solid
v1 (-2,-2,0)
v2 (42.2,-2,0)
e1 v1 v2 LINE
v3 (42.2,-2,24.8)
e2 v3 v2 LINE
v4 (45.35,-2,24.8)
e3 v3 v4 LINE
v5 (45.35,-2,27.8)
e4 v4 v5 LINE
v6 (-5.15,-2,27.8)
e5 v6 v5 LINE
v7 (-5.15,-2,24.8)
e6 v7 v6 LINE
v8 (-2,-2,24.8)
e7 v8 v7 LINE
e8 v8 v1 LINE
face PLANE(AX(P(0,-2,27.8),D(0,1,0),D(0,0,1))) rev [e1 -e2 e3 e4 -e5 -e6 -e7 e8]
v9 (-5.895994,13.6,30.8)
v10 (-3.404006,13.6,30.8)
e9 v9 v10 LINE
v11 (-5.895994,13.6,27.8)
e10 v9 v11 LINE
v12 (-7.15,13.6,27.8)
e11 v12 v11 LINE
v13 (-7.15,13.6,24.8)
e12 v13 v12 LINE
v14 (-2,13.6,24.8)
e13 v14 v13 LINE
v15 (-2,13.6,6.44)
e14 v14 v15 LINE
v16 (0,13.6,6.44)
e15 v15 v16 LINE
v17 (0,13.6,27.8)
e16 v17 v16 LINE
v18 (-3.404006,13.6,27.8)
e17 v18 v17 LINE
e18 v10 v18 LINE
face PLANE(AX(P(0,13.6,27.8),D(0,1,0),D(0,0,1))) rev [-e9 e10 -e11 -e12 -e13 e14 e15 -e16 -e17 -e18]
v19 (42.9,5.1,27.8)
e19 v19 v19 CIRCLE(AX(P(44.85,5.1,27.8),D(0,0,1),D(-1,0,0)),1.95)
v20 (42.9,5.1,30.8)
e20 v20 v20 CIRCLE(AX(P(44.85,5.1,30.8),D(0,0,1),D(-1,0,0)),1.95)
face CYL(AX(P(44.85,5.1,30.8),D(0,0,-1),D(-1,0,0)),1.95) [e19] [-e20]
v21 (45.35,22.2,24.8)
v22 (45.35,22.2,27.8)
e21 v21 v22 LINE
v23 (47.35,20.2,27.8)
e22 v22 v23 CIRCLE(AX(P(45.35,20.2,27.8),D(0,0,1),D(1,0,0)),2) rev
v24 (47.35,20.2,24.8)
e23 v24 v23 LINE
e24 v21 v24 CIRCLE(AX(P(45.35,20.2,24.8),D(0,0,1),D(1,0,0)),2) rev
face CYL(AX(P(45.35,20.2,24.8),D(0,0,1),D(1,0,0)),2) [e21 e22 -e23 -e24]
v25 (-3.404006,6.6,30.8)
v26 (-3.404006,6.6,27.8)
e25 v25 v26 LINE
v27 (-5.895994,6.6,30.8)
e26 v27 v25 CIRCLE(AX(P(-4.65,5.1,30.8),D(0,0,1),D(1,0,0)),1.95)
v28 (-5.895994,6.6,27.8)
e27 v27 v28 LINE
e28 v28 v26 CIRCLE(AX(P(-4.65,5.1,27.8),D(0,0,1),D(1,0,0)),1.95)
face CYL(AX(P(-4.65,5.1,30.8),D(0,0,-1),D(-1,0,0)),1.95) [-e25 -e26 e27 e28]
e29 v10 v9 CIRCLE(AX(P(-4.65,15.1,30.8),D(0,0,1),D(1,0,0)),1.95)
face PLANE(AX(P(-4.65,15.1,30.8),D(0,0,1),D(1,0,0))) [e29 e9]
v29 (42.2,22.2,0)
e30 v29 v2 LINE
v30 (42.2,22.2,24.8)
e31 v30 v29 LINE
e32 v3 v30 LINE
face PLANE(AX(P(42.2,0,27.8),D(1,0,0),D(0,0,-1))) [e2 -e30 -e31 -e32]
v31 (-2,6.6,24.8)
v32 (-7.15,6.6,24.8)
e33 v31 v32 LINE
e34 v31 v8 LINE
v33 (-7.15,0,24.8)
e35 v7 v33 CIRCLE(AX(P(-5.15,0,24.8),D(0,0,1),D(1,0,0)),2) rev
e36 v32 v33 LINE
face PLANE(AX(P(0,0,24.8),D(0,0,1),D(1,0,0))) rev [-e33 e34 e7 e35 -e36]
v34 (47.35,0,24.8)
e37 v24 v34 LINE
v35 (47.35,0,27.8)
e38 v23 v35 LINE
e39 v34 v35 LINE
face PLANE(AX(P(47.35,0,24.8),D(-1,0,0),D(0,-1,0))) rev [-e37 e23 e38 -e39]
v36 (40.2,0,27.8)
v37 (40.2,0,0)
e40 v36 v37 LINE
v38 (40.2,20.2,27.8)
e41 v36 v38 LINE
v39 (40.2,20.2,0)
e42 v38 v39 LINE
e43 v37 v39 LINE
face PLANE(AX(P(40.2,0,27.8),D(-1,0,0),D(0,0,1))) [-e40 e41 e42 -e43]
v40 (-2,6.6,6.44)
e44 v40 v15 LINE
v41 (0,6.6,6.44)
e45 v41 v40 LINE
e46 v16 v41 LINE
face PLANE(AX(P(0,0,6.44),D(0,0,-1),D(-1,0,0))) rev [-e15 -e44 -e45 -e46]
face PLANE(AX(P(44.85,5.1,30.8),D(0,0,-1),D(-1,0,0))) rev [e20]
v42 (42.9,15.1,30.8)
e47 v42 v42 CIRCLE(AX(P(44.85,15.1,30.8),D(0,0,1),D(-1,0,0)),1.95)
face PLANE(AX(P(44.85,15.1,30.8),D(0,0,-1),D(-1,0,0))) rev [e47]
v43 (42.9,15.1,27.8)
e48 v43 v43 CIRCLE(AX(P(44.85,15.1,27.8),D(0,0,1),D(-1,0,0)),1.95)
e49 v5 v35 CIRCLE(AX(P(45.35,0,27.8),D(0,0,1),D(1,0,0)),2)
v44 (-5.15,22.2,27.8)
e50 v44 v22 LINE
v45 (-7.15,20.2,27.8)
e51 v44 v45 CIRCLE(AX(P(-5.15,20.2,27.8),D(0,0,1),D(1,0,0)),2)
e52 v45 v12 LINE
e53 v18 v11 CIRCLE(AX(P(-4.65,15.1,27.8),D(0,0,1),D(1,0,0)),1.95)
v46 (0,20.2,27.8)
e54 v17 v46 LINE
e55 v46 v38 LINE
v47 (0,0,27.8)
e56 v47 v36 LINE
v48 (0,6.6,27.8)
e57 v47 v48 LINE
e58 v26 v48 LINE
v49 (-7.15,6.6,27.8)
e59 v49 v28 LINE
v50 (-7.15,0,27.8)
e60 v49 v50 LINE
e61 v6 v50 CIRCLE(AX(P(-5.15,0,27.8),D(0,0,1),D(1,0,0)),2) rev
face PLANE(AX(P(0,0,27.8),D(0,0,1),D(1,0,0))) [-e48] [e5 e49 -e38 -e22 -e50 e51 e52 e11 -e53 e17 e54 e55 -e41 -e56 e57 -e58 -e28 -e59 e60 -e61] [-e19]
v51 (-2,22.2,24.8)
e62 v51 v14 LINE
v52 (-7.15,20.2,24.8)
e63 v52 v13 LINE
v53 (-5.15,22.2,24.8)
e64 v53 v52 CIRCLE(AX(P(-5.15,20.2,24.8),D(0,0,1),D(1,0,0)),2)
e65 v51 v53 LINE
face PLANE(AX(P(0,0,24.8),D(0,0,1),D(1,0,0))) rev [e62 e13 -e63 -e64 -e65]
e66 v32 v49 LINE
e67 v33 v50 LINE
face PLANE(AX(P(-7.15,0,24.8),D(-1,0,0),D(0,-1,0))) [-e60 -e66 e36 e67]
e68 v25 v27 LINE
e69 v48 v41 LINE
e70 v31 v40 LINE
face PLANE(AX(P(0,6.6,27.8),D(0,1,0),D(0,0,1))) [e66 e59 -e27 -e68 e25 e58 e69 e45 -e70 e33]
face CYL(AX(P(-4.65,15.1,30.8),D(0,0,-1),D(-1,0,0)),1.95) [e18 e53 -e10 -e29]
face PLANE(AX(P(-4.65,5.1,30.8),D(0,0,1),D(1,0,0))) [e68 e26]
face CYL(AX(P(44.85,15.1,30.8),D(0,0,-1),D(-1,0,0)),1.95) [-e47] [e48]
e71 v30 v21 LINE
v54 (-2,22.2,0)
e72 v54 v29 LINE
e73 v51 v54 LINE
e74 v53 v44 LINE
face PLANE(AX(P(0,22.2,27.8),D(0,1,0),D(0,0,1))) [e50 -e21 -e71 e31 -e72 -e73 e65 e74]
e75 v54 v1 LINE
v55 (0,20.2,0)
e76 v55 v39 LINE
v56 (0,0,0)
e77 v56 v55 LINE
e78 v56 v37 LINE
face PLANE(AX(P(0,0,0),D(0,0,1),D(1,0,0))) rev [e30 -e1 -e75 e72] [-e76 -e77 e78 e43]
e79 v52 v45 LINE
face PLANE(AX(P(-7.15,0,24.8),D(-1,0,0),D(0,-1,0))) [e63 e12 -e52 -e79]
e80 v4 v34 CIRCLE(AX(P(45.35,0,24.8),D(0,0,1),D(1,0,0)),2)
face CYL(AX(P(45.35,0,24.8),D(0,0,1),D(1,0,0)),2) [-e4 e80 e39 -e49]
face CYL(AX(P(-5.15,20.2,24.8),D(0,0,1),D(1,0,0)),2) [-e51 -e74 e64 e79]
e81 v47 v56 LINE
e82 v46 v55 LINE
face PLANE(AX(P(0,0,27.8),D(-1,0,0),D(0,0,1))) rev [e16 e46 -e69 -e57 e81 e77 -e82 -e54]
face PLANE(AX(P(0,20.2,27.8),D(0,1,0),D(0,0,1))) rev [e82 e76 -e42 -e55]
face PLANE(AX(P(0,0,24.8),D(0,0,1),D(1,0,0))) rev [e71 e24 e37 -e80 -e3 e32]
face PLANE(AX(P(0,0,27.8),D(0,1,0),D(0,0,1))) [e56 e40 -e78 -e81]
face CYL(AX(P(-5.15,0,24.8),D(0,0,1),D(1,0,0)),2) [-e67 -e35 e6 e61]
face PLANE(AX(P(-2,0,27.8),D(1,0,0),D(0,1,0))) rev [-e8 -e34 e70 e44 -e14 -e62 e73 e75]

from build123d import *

# Parameters (mm, degrees)
BOSS_EXTRU_1_DEPTH = 27.8
ESQUISSE3_W        = 2
ESQUISSE3_H        = 7
BOSS_EXTRU_2_DEPTH = 6.44
BOSS_EXTRU_3_DEPTH = 3
ESQUISSE7_R        = 1.95
BOSS_EXTRU_4_DEPTH = 3


with BuildPart() as part:
    # Esquisse1 → Boss.-Extru.1 (new body)
    with BuildSketch(Plane.XY):
        Polygon((-2, 22.2), (-2, 13.6), (0, 13.6), (0, 20.2), (40.2, 20.2), (40.2, 0), (0, 0), (0, 6.6), (-2, 6.6), (-2, -2), (42.2, -2), (42.2, 22.2), align=None)
    extrude(amount=BOSS_EXTRU_1_DEPTH)

    # Esquisse3 → Boss.-Extru.2 (add)
    with BuildSketch(Plane(origin=(0, 0, 0), x_dir=(-1, 0, 0), z_dir=(0, 0, -1))):
        with Locations((1, 10.1)):
            Rectangle(ESQUISSE3_W, ESQUISSE3_H)
    extrude(amount=-BOSS_EXTRU_2_DEPTH)

    # Esquisse5 → Boss.-Extru.3 (add)
    with BuildSketch(Plane.XY.offset(27.8)):
        with BuildLine():
            Line((-2, 13.6), (-2, 22.2))
            Line((-2, 22.2), (-5.15, 22.2))
            ThreePointArc((-5.15, 22.2), (-6.564213562, 21.614213562), (-7.15, 20.2))
            Line((-7.15, 20.2), (-7.15, 13.6))
            Line((-7.15, 13.6), (-2, 13.6))
        make_face()
        with BuildLine():
            Line((-2, -2), (-2, 6.6))
            Line((-2, 6.6), (-7.15, 6.6))
            Line((-7.15, 6.6), (-7.15, 0))
            ThreePointArc((-7.15, 0), (-6.564213562, -1.414213562), (-5.15, -2))
            Line((-5.15, -2), (-2, -2))
        make_face()
        with BuildLine():
            Line((42.2, -2), (45.35, -2))
            ThreePointArc((45.35, -2), (46.764213562, -1.414213562), (47.35, 0))
            Line((47.35, 0), (47.35, 20.2))
            ThreePointArc((47.35, 20.2), (46.764213562, 21.614213562), (45.35, 22.2))
            Line((45.35, 22.2), (42.2, 22.2))
            Line((42.2, 22.2), (42.2, -2))
        make_face()
    extrude(amount=-BOSS_EXTRU_3_DEPTH)

    # Esquisse7 → Boss.-Extru.4 (add)
    with BuildSketch(Plane.XY.offset(27.8)):
        with Locations(Location((44.85, 5.1, 0), (0, 0, 180))):
            Circle(ESQUISSE7_R)
        with Locations(Location((44.85, 15.1, 0), (0, 0, 180))):
            Circle(ESQUISSE7_R)
        with BuildLine():
            Line((-5.895993579, 13.6), (-3.404006421, 13.6))
            ThreePointArc((-3.404006421, 13.6), (-4.65, 17.05), (-5.895993579, 13.6))
        make_face()
        with BuildLine():
            Line((-5.895993579, 6.6), (-3.404006421, 6.6))
            ThreePointArc((-3.404006421, 6.6), (-4.65, 3.15), (-5.895993579, 6.6))
        make_face()
    extrude(amount=BOSS_EXTRU_4_DEPTH)


solid = part.part
